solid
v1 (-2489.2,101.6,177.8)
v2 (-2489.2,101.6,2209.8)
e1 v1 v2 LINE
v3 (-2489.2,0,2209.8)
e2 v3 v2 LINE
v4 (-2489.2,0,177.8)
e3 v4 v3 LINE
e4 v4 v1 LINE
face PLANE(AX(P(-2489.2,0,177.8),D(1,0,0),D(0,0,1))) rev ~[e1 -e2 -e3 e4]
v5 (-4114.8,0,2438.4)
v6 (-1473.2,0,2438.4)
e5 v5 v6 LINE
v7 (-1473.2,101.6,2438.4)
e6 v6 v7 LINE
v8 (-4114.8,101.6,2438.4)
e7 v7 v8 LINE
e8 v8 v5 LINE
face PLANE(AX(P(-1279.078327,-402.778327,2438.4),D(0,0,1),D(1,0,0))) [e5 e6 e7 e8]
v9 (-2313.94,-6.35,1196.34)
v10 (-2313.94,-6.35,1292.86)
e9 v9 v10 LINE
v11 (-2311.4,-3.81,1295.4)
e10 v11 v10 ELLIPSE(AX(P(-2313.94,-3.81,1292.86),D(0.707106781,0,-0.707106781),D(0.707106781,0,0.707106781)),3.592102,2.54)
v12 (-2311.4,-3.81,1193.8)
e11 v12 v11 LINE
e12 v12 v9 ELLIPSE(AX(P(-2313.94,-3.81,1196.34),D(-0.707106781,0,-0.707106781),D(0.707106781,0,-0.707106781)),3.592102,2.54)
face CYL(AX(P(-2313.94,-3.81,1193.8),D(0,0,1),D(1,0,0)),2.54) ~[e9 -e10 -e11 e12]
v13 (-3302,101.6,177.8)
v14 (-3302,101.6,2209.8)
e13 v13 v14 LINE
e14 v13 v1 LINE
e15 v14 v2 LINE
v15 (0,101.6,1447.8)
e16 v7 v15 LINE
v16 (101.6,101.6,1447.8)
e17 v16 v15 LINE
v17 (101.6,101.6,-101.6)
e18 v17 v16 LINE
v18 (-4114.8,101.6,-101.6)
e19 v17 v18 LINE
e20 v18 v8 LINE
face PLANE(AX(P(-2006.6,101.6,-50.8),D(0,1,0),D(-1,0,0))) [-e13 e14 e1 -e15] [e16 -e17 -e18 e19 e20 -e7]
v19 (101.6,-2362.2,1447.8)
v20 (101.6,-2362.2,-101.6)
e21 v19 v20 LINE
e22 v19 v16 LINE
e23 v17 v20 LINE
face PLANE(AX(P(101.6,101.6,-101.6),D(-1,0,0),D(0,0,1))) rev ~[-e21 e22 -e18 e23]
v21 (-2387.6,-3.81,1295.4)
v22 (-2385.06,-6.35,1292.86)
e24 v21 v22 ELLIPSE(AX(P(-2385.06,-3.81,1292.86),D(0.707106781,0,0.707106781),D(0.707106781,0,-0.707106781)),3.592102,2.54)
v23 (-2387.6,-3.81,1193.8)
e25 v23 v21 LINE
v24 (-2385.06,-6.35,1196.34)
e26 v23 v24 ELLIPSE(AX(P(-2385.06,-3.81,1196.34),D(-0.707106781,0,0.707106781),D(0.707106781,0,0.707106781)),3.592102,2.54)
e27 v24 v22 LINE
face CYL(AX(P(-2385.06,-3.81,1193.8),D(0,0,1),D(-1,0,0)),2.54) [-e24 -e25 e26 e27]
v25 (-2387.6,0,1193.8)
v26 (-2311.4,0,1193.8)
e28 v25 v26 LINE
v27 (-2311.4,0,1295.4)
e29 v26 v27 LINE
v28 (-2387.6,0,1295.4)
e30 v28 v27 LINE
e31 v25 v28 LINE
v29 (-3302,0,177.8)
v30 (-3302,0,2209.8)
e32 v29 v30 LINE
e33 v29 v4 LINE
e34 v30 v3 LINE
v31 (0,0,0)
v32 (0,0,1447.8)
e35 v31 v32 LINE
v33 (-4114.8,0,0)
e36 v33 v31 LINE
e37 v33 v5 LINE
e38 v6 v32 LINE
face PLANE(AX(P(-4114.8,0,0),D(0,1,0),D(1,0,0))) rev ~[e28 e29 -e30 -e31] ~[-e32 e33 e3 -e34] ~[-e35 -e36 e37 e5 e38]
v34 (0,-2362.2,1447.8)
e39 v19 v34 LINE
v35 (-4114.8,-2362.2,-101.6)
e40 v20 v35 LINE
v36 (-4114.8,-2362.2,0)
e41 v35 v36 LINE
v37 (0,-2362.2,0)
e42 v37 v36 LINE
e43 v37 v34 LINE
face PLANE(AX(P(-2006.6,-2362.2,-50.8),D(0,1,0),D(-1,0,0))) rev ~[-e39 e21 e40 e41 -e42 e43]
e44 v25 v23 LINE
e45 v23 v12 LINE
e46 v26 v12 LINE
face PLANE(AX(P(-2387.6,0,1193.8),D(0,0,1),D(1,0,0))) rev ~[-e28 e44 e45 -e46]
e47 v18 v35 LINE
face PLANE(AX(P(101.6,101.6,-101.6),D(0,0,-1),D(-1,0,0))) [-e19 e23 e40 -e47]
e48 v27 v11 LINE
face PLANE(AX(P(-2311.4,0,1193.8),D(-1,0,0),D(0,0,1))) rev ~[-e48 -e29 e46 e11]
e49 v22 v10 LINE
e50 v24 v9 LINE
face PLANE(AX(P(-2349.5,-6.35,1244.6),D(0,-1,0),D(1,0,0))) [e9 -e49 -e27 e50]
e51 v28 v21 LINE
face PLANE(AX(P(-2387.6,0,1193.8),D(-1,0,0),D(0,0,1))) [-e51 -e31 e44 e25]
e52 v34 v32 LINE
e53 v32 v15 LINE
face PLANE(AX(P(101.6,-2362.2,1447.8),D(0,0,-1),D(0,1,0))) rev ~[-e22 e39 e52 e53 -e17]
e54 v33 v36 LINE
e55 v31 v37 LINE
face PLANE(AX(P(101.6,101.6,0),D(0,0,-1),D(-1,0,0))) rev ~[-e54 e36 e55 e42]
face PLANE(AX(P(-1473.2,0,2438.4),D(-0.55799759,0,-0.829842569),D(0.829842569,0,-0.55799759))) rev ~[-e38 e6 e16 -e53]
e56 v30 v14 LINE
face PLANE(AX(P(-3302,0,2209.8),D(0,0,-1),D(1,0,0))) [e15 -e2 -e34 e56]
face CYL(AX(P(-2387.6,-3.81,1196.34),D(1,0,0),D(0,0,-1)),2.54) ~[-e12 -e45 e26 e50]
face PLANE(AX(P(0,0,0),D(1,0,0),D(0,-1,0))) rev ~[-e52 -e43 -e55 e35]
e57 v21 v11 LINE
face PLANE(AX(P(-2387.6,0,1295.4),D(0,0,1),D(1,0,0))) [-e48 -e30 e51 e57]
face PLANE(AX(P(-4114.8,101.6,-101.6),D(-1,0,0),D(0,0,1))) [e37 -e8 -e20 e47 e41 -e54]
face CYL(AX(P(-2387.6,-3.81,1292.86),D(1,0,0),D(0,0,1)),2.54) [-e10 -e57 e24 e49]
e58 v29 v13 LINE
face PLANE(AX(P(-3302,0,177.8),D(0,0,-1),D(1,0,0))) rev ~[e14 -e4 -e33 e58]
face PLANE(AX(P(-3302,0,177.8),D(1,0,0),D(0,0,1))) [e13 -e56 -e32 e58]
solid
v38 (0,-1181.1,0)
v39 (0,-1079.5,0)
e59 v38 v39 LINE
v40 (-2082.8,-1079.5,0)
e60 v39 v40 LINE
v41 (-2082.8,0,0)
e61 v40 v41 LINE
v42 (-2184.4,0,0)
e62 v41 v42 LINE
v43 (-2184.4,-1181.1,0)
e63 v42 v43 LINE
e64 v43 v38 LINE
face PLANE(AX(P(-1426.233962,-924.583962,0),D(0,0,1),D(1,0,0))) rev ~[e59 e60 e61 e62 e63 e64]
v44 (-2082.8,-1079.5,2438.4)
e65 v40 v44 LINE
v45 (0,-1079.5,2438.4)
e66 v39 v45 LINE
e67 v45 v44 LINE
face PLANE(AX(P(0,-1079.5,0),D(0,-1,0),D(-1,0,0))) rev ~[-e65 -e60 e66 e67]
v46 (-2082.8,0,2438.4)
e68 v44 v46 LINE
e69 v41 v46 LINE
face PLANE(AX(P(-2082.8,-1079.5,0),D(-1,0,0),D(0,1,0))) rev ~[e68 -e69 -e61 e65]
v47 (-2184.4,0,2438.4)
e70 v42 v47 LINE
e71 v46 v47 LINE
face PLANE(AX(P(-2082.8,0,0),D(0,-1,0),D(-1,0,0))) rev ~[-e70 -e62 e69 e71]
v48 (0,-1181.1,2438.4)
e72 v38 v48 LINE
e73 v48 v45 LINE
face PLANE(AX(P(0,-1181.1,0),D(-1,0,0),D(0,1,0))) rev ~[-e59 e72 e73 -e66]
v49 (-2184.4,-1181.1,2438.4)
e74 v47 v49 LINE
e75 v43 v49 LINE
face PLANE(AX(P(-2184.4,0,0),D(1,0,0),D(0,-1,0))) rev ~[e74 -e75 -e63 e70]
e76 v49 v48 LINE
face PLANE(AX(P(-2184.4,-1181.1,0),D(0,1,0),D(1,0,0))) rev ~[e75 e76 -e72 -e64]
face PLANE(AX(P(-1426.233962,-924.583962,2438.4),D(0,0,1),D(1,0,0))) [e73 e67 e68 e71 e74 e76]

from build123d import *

# Parameters (mm, degrees)
F1_DEPTH  = 2438.4
F2_W      = 812.8
F2_H      = 2032
F3_DEPTH  = 101.601
F4_W      = 2463.8
F4_H      = 990.6
F5_DEPTH  = 101.6
F6_W      = 4216.4
F6_H      = 101.6
F7_DEPTH  = 2463.8
F8_W      = 76.2
F8_H      = 101.6
F9_DEPTH  = 6.35
F10_R     = 2.54
F12_DEPTH = 914.4
F15_DEPTH = 2438.4


with BuildPart() as f1:
    # F0 (on Top) → F1 (new body)
    with BuildSketch(Plane.XY):
        Polygon((-4114.8, 0), (0, 0), (0, -2362.2), (101.6, -2362.2), (101.6, 101.6), (-4114.8, 101.6), align=None)
    extrude(amount=F1_DEPTH)

    # F2 (on face) → F3 (cut, through all)
    with BuildSketch(Plane.XZ):
        with Locations((-2895.6, 1193.8)):
            Rectangle(F2_W, F2_H)
        Polygon((-1473.2, 2438.4), (0, 1447.8), (0, 2438.4), align=None)
    extrude(amount=-F3_DEPTH, mode=Mode.SUBTRACT)

    # F4 (on face) → F5 (cut)
    with BuildSketch(Plane.YZ.offset(101.6)):
        with Locations((-1130.3, 1943.1)):
            Rectangle(F4_W, F4_H)
    extrude(amount=-F5_DEPTH, mode=Mode.SUBTRACT)

    # F6 (on face) → F7 (join)
    with BuildSketch(Plane(origin=(0, 101.6, 0), x_dir=(-1, 0, 0), z_dir=(0, 1, 0))):
        with Locations((2006.6, -50.8)):
            Rectangle(F6_W, F6_H)
    extrude(amount=-F7_DEPTH)

    # F8 (on face) → F9 (join)
    with BuildSketch(Plane.XZ):
        with Locations((-2349.5, 1244.6)):
            Rectangle(F8_W, F8_H)
    extrude(amount=F9_DEPTH)

    # F10
    f10_edges = [f1.edges().sort_by_distance(p)[0] for p in [
        (-2349.5, -6.35, 1295.4),
        (-2387.6, -6.35, 1244.6),
        (-2349.5, -6.35, 1193.8),
        (-2311.4, -6.35, 1244.6),
    ]]
    fillet(f10_edges, radius=F10_R)


with BuildPart() as f12:
    # F11 (on face) → F12 (new body)
    with BuildSketch(Plane.XZ):
        Polygon((-2209.8, 0), (0, 0), (0, 1447.8), (-1473.2, 2438.4), (-2209.8, 2438.4), align=None)
    extrude(amount=F12_DEPTH)


with BuildPart() as f15:
    # F14 (on face) → F15 (new body)
    with BuildSketch(Plane.XY):
        Polygon((-2184.4, -1181.1), (0, -1181.1), (0, -1079.5), (-2082.8, -1079.5), (-2082.8, 0), (-2184.4, 0), align=None)
    extrude(amount=F15_DEPTH)


solid = Compound([f1.part, f15.part])
